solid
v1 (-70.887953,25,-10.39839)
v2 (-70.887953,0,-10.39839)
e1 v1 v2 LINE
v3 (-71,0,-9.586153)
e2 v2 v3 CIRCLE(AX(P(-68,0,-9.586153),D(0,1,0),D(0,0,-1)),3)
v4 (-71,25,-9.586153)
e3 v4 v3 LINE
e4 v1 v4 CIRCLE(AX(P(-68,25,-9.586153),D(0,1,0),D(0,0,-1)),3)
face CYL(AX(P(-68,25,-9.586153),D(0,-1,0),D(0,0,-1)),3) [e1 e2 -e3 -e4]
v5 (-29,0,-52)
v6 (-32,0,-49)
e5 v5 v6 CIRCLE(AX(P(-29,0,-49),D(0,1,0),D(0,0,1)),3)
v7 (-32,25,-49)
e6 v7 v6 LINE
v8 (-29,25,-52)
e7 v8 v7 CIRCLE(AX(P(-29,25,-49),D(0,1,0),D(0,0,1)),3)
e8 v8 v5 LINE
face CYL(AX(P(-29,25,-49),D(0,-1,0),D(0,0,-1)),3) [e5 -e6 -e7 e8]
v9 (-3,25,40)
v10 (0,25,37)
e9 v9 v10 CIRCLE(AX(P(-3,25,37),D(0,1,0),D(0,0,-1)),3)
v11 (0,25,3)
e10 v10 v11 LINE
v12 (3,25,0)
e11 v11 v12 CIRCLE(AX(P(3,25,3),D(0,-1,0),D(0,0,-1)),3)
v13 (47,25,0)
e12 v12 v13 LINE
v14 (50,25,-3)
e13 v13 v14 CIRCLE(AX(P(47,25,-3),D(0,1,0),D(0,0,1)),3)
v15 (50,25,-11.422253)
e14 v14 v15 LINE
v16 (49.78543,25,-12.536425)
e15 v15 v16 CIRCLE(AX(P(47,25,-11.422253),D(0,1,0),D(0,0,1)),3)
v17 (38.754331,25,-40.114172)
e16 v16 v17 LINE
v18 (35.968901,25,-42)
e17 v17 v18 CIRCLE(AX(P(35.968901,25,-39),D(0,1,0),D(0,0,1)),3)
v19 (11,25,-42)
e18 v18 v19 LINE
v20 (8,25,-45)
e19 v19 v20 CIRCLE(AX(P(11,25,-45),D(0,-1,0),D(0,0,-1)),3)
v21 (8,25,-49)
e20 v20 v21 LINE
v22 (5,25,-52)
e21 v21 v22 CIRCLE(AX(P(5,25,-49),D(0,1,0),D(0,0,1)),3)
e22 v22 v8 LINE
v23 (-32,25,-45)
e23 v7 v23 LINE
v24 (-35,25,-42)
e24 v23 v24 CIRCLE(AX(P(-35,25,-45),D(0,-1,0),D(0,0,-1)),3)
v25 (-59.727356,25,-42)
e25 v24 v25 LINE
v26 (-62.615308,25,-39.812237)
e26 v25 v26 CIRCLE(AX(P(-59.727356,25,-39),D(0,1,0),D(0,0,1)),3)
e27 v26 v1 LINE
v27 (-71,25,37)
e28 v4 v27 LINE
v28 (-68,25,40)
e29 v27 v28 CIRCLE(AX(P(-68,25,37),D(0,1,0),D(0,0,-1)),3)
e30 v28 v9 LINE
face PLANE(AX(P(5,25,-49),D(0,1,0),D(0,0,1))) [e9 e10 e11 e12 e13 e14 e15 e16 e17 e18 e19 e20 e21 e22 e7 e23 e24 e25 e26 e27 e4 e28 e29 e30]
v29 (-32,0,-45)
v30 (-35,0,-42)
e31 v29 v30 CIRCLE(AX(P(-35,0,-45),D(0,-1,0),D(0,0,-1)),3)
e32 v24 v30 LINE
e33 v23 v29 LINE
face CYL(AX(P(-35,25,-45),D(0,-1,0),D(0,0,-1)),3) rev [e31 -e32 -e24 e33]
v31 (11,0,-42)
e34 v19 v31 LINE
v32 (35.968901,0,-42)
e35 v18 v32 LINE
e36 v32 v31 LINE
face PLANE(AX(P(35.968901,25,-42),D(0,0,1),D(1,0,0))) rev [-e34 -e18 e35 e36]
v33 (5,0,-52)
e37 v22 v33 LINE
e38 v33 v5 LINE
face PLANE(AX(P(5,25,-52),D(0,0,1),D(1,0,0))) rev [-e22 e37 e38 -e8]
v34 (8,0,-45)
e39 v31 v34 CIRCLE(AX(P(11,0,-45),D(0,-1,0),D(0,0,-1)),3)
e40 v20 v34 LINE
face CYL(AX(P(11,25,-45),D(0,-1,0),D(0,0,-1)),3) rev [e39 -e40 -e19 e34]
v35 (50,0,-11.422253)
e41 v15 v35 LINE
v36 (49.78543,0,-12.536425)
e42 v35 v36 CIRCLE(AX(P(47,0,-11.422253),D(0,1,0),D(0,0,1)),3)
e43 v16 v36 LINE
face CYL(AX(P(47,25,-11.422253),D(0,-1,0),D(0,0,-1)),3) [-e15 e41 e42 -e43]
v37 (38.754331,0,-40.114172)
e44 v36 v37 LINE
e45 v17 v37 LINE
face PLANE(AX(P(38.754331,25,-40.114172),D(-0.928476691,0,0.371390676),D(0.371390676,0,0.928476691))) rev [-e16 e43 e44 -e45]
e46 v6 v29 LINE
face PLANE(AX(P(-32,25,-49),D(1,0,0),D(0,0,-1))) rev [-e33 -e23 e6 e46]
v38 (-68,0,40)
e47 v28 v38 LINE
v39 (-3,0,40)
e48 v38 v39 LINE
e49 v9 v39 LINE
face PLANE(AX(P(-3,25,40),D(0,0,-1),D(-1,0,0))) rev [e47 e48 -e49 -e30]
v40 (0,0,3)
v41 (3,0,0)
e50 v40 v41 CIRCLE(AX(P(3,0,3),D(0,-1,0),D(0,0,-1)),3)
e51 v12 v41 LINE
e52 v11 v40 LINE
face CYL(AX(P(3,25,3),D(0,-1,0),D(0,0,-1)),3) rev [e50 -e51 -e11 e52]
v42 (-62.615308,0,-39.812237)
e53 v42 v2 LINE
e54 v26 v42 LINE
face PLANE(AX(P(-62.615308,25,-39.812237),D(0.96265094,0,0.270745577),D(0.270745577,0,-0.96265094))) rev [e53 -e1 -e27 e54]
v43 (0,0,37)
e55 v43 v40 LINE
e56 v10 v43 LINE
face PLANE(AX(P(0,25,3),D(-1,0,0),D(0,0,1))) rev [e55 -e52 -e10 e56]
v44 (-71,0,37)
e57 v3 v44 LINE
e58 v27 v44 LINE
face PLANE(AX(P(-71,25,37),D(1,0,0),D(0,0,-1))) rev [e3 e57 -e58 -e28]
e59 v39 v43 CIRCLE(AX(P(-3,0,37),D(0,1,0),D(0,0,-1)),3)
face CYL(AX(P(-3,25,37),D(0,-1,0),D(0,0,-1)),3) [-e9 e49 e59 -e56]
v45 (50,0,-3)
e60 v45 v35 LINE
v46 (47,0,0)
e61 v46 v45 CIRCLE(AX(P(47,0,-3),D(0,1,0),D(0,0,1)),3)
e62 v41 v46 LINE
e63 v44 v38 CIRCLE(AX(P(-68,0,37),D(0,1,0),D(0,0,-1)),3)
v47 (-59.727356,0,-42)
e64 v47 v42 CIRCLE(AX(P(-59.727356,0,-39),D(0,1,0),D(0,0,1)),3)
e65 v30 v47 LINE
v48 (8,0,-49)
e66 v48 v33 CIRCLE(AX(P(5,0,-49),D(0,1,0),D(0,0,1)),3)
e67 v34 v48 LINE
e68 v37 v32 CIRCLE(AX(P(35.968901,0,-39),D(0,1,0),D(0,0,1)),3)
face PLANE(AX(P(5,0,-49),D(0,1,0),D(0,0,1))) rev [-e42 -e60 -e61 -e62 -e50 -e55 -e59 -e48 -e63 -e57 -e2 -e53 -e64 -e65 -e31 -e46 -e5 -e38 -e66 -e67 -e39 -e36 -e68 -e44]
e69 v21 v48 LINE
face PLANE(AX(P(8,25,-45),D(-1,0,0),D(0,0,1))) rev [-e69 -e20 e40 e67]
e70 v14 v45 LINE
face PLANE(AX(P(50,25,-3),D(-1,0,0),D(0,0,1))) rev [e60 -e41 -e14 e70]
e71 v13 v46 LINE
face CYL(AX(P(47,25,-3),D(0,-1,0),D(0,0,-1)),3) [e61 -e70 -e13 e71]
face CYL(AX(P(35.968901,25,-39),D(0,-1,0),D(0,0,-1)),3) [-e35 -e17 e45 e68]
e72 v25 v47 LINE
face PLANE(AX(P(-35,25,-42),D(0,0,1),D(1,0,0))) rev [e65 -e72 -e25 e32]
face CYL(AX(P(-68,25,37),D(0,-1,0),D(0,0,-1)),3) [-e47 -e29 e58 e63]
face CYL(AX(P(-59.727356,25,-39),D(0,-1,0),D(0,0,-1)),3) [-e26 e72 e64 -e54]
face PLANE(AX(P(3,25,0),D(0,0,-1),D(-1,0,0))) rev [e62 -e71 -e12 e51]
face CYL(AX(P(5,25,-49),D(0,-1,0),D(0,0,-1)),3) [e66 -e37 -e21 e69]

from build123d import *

# Parameters (mm, degrees)
EXTRUDE_1_DEPTH = 25


with BuildPart() as part:
    # 草图1 → 凸台-拉伸1 (new body)
    with BuildSketch(Plane(origin=(0, 0, 0), x_dir=(1, 0, 0), z_dir=(0, 1, 0))):
        with BuildLine():
            Line((0, -3), (0, -37))
            ThreePointArc((0, -37), (-0.878679656, -39.121320344), (-3, -40))
            Line((-3, -40), (-68, -40))
            ThreePointArc((-68, -40), (-70.121320344, -39.121320344), (-71, -37))
            Line((-71, -37), (-71, 9.586153241))
            ThreePointArc((-71, 9.586153241), (-70.971856193, 9.996117592), (-70.88795282, 10.398389972))
            Line((-70.88795282, 10.398389972), (-62.615308419, 39.812236731))
            ThreePointArc((-62.615308419, 39.812236731), (-61.538886693, 41.391308239), (-59.727355599, 42))
            Line((-59.727355599, 42), (-35, 42))
            ThreePointArc((-35, 42), (-32.878679656, 42.878679656), (-32, 45))
            Line((-32, 45), (-32, 49))
            ThreePointArc((-32, 49), (-31.121320344, 51.121320344), (-29, 52))
            Line((-29, 52), (5, 52))
            ThreePointArc((5, 52), (7.121320344, 51.121320344), (8, 49))
            Line((8, 49), (8, 45))
            ThreePointArc((8, 45), (8.878679656, 42.878679656), (11, 42))
            Line((11, 42), (35.968901116, 42))
            ThreePointArc((35.968901116, 42), (37.650787544, 41.484201691), (38.754331188, 40.114172029))
            Line((38.754331188, 40.114172029), (49.785430073, 12.536424818))
            ThreePointArc((49.785430073, 12.536424818), (49.94586916, 11.989575353), (50, 11.422252789))
            Line((50, 11.422252789), (50, 3))
            ThreePointArc((50, 3), (49.121320344, 0.878679656), (47, 0))
            Line((47, 0), (3, 0))
            ThreePointArc((3, 0), (0.878679656, -0.878679656), (0, -3))
        make_face()
    extrude(amount=EXTRUDE_1_DEPTH)


solid = part.part
